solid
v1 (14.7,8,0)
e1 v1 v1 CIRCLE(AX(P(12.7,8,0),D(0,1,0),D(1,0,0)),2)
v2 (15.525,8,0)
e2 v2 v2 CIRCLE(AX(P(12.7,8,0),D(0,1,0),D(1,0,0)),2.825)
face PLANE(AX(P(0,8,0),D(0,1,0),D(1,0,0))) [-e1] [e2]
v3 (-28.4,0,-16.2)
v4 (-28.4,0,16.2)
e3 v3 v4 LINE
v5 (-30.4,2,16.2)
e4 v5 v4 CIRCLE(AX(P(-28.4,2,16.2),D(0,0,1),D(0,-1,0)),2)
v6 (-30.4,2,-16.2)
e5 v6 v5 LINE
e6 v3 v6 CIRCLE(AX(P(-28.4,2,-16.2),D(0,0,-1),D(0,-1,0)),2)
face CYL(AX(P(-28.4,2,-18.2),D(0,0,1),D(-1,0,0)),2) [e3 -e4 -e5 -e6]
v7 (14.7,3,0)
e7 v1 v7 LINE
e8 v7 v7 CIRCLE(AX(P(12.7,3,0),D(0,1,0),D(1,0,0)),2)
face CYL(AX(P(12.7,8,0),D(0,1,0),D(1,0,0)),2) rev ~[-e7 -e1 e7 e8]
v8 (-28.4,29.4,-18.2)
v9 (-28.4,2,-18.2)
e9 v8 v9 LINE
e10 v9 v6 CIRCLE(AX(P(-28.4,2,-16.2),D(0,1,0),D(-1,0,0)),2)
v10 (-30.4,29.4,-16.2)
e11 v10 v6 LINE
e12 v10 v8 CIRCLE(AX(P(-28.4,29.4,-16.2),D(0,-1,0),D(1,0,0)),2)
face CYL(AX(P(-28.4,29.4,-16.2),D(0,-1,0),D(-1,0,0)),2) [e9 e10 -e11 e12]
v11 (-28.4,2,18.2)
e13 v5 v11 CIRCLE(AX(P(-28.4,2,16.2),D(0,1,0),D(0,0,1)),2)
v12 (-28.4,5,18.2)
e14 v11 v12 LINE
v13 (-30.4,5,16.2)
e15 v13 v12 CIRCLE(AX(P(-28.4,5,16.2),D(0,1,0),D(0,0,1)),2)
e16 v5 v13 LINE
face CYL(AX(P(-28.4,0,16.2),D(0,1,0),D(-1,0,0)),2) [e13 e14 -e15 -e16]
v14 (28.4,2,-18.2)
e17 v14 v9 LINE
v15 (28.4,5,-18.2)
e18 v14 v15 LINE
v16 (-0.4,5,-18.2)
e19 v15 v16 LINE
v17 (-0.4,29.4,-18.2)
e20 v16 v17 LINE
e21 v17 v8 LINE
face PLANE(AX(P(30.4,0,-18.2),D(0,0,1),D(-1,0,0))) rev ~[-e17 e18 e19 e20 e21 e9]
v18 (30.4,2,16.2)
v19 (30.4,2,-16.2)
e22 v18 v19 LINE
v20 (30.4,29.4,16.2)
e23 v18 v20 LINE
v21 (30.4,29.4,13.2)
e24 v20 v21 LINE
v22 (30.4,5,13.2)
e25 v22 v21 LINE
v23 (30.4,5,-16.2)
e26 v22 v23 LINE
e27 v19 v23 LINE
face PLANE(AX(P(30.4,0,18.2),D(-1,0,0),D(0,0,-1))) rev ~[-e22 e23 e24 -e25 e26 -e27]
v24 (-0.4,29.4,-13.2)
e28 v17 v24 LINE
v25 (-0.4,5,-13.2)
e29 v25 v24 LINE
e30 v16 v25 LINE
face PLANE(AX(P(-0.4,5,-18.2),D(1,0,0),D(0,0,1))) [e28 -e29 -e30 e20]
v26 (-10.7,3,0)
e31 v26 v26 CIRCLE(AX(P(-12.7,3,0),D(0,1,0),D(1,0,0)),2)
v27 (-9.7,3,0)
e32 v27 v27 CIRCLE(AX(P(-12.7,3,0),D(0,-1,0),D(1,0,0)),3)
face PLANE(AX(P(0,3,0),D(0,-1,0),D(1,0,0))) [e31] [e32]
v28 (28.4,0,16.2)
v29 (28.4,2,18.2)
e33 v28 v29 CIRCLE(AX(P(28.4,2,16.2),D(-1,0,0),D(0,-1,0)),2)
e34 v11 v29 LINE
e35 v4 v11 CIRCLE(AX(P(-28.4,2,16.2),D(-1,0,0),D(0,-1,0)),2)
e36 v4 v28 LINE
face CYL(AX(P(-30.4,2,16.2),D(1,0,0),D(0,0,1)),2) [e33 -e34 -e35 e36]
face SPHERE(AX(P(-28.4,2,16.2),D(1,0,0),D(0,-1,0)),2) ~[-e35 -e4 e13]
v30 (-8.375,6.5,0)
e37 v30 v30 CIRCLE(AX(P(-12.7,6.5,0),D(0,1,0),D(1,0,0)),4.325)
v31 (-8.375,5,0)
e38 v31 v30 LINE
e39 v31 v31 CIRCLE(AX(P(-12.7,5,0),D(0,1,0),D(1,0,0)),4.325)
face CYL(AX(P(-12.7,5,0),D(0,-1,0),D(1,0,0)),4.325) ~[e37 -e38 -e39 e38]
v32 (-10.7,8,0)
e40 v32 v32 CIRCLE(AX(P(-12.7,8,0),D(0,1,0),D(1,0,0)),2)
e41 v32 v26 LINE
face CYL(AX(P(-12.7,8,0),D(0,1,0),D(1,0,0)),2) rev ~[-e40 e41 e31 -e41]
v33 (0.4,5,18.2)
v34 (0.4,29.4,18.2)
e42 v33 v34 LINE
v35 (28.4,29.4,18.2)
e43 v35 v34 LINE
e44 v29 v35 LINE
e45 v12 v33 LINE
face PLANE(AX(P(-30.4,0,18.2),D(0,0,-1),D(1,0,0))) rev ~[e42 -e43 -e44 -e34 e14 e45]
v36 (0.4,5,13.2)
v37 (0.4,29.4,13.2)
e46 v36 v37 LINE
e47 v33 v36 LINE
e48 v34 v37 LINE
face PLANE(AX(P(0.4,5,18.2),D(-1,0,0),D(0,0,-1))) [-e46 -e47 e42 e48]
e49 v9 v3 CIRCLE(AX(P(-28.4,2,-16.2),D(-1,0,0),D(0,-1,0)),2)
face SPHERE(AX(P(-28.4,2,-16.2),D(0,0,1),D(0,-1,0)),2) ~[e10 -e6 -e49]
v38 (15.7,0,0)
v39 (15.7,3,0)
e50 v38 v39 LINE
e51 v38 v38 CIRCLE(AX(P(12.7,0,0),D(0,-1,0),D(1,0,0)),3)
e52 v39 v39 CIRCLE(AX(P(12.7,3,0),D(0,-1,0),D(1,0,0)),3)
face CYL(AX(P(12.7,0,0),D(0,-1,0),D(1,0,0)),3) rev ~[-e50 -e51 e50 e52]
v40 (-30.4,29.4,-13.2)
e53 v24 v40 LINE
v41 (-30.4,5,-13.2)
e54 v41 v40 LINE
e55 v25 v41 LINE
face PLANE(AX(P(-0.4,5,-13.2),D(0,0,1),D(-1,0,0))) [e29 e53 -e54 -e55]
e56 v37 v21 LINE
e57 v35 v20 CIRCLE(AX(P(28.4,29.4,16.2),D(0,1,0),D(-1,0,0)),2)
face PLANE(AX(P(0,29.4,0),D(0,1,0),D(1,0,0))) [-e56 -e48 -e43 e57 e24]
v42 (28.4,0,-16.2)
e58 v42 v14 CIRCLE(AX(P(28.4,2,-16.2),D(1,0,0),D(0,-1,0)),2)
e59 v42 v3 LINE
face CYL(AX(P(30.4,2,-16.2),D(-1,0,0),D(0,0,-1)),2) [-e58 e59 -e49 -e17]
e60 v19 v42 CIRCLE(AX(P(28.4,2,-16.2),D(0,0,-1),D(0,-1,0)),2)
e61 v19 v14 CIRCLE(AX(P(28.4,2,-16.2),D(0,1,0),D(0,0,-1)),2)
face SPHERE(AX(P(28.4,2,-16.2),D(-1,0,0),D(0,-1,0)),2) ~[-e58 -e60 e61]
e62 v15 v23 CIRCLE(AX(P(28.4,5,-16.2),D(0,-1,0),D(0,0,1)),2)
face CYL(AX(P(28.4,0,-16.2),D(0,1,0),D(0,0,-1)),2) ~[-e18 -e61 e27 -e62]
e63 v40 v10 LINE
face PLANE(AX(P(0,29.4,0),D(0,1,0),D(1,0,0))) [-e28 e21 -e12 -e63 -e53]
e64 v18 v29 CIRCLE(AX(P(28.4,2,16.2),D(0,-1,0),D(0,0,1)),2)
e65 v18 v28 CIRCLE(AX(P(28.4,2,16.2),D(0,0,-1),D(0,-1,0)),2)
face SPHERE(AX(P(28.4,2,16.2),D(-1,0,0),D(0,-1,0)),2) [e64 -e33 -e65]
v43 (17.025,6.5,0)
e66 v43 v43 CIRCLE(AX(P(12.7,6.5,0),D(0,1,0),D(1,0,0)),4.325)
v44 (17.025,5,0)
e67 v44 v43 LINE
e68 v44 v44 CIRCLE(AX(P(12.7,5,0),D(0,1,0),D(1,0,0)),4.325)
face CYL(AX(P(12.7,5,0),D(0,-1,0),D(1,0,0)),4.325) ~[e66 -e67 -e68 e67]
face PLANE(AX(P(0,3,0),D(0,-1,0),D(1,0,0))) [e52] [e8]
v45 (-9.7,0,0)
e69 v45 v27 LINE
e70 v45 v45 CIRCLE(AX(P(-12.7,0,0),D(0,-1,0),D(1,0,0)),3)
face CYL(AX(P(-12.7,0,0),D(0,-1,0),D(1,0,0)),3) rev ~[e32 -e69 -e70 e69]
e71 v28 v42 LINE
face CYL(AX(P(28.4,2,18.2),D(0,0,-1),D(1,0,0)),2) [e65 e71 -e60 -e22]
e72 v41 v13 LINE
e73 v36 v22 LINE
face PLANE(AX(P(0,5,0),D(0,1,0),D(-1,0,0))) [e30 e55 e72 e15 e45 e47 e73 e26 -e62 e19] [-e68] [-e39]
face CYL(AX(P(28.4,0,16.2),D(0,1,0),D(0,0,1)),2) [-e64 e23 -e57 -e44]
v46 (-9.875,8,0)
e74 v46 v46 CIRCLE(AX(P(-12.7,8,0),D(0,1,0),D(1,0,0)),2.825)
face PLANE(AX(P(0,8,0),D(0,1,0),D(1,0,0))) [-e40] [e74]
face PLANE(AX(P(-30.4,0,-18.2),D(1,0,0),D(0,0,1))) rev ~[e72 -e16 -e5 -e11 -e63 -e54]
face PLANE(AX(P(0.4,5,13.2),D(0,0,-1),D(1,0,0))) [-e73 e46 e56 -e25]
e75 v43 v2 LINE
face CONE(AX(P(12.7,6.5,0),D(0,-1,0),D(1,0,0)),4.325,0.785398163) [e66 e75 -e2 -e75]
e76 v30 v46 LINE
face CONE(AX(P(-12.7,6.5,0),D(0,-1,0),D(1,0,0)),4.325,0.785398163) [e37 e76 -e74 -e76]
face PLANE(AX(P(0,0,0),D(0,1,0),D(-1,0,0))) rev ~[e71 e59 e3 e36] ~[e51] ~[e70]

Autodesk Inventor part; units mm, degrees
ref_plane "YZ Plane" through (0, 0, 0) normal (1, 0, 0) x (0, 1, 0)
ref_plane "XZ Plane" through (0, 0, 0) normal (0, 1, 0) x (-1, 0, 0)
ref_plane "XY Plane" through (0, 0, 0) normal (0, 0, 1) x (1, 0, 0)
sketch "Sketch1" plane through (0, 0, 0) normal (0, 1, 0) x (-1, 0, 0)
  line L0 (30.4, 18.2) -> (-30.4, 18.2)
  line L1 (-30.4, 18.2) -> (-30.4, -18.2)
  line L2 (-30.4, -18.2) -> (30.4, -18.2)
  line L3 (30.4, -18.2) -> (30.4, 18.2)
  point P0 (0, 0)
  dimension "d0" = 60.8
  dimension "d1" = 36.4
extrude "Extrusion1" add sketch "Sketch1" along normal blind 5
sketch "Sketch2" plane through (0, 5, 0) normal (0, 1, 0) x (1, 0, 0)
  line L0 (30.4, 18.2) -> (-30.4, 18.2) projected
  line L1 (-30.4, 18.2) -> (-0.4, 18.2)
  line L2 (-0.4, 18.2) -> (-0.4, 13.2)
  line L3 (-0.4, 13.2) -> (-30.4, 13.2)
  line L4 (-30.4, 13.2) -> (-30.4, 18.2)
  line L5 (30.4, -18.2) -> (30.4, 18.2) projected
  line L6 (30.4, -18.2) -> (0.4, -18.2)
  line L7 (0.4, -18.2) -> (0.4, -13.2)
  line L8 (0.4, -13.2) -> (30.4, -13.2)
  line L9 (30.4, -13.2) -> (30.4, -18.2)
  point P0 (0, 0)
  dimension "d4" = 30
  dimension "d5" = 5
  dimension "d6" = 30
  dimension "d7" = 5
extrude "Extrusion2" add sketch "Sketch2" along normal blind 24.4
sketch "Sketch3" plane through (0, 5, 0) normal (0, 1, 0) x (1, 0, 0)
  circle A0 centre (12.7, 0) radius 4.325
  circle A1 centre (-12.7, 0) radius 4.325
  point P0 (0, 0)
  dimension "d10" = 8.65
  dimension "d11" = 8.65
extrude "Extrusion3" add sketch "Sketch3" along normal blind 3
sketch "Sketch4" plane through (-12.7, 8, 0) normal (0, 1, 0) x (1, 0, 0)
  circle A0 centre (0, 0) radius 2
  circle A1 centre (25.4, 0) radius 4.325 projected
  circle A2 centre (25.4, 0) radius 2
  point P0 (12.7, 0)
  dimension "d14" = 4
  dimension "d15" = 4
extrude "Extrusion4" cut sketch "Sketch4" against normal blind 15 contours A0 | A2
sketch "Sketch5" plane through (0, 0, 0) normal (0, -1, 0) x (1, 0, 0)
  circle A0 centre (12.7, 0) radius 2 projected
  circle A1 centre (12.7, 0) radius 3
  circle A2 centre (-12.7, 0) radius 2 projected
  circle A3 centre (-12.7, 0) radius 3
  point P0 (0, 0)
  dimension "d18" = 6
  dimension "d19" = 6
extrude "Extrusion5" cut sketch "Sketch5" against normal blind 3 contours A0 | A1 | A2 | A3
chamfer "Chamfer1" distance 1.5 angle 45 2 edges at (8.375, 8, 0) (-17.025, 8, 0)
fillet "Fillet1" radius 2 8 edges at (0, 0, 18.2) (-30.4, 0, 0) (0, 0, -18.2) (30.4, 0, 0) (-30.4, 14.7, -18.2) (-30.4, 2.5, 18.2) (30.4, 14.7, 18.2) (30.4, 2.5, -18.2)
properties part number "2Wide5mm"
